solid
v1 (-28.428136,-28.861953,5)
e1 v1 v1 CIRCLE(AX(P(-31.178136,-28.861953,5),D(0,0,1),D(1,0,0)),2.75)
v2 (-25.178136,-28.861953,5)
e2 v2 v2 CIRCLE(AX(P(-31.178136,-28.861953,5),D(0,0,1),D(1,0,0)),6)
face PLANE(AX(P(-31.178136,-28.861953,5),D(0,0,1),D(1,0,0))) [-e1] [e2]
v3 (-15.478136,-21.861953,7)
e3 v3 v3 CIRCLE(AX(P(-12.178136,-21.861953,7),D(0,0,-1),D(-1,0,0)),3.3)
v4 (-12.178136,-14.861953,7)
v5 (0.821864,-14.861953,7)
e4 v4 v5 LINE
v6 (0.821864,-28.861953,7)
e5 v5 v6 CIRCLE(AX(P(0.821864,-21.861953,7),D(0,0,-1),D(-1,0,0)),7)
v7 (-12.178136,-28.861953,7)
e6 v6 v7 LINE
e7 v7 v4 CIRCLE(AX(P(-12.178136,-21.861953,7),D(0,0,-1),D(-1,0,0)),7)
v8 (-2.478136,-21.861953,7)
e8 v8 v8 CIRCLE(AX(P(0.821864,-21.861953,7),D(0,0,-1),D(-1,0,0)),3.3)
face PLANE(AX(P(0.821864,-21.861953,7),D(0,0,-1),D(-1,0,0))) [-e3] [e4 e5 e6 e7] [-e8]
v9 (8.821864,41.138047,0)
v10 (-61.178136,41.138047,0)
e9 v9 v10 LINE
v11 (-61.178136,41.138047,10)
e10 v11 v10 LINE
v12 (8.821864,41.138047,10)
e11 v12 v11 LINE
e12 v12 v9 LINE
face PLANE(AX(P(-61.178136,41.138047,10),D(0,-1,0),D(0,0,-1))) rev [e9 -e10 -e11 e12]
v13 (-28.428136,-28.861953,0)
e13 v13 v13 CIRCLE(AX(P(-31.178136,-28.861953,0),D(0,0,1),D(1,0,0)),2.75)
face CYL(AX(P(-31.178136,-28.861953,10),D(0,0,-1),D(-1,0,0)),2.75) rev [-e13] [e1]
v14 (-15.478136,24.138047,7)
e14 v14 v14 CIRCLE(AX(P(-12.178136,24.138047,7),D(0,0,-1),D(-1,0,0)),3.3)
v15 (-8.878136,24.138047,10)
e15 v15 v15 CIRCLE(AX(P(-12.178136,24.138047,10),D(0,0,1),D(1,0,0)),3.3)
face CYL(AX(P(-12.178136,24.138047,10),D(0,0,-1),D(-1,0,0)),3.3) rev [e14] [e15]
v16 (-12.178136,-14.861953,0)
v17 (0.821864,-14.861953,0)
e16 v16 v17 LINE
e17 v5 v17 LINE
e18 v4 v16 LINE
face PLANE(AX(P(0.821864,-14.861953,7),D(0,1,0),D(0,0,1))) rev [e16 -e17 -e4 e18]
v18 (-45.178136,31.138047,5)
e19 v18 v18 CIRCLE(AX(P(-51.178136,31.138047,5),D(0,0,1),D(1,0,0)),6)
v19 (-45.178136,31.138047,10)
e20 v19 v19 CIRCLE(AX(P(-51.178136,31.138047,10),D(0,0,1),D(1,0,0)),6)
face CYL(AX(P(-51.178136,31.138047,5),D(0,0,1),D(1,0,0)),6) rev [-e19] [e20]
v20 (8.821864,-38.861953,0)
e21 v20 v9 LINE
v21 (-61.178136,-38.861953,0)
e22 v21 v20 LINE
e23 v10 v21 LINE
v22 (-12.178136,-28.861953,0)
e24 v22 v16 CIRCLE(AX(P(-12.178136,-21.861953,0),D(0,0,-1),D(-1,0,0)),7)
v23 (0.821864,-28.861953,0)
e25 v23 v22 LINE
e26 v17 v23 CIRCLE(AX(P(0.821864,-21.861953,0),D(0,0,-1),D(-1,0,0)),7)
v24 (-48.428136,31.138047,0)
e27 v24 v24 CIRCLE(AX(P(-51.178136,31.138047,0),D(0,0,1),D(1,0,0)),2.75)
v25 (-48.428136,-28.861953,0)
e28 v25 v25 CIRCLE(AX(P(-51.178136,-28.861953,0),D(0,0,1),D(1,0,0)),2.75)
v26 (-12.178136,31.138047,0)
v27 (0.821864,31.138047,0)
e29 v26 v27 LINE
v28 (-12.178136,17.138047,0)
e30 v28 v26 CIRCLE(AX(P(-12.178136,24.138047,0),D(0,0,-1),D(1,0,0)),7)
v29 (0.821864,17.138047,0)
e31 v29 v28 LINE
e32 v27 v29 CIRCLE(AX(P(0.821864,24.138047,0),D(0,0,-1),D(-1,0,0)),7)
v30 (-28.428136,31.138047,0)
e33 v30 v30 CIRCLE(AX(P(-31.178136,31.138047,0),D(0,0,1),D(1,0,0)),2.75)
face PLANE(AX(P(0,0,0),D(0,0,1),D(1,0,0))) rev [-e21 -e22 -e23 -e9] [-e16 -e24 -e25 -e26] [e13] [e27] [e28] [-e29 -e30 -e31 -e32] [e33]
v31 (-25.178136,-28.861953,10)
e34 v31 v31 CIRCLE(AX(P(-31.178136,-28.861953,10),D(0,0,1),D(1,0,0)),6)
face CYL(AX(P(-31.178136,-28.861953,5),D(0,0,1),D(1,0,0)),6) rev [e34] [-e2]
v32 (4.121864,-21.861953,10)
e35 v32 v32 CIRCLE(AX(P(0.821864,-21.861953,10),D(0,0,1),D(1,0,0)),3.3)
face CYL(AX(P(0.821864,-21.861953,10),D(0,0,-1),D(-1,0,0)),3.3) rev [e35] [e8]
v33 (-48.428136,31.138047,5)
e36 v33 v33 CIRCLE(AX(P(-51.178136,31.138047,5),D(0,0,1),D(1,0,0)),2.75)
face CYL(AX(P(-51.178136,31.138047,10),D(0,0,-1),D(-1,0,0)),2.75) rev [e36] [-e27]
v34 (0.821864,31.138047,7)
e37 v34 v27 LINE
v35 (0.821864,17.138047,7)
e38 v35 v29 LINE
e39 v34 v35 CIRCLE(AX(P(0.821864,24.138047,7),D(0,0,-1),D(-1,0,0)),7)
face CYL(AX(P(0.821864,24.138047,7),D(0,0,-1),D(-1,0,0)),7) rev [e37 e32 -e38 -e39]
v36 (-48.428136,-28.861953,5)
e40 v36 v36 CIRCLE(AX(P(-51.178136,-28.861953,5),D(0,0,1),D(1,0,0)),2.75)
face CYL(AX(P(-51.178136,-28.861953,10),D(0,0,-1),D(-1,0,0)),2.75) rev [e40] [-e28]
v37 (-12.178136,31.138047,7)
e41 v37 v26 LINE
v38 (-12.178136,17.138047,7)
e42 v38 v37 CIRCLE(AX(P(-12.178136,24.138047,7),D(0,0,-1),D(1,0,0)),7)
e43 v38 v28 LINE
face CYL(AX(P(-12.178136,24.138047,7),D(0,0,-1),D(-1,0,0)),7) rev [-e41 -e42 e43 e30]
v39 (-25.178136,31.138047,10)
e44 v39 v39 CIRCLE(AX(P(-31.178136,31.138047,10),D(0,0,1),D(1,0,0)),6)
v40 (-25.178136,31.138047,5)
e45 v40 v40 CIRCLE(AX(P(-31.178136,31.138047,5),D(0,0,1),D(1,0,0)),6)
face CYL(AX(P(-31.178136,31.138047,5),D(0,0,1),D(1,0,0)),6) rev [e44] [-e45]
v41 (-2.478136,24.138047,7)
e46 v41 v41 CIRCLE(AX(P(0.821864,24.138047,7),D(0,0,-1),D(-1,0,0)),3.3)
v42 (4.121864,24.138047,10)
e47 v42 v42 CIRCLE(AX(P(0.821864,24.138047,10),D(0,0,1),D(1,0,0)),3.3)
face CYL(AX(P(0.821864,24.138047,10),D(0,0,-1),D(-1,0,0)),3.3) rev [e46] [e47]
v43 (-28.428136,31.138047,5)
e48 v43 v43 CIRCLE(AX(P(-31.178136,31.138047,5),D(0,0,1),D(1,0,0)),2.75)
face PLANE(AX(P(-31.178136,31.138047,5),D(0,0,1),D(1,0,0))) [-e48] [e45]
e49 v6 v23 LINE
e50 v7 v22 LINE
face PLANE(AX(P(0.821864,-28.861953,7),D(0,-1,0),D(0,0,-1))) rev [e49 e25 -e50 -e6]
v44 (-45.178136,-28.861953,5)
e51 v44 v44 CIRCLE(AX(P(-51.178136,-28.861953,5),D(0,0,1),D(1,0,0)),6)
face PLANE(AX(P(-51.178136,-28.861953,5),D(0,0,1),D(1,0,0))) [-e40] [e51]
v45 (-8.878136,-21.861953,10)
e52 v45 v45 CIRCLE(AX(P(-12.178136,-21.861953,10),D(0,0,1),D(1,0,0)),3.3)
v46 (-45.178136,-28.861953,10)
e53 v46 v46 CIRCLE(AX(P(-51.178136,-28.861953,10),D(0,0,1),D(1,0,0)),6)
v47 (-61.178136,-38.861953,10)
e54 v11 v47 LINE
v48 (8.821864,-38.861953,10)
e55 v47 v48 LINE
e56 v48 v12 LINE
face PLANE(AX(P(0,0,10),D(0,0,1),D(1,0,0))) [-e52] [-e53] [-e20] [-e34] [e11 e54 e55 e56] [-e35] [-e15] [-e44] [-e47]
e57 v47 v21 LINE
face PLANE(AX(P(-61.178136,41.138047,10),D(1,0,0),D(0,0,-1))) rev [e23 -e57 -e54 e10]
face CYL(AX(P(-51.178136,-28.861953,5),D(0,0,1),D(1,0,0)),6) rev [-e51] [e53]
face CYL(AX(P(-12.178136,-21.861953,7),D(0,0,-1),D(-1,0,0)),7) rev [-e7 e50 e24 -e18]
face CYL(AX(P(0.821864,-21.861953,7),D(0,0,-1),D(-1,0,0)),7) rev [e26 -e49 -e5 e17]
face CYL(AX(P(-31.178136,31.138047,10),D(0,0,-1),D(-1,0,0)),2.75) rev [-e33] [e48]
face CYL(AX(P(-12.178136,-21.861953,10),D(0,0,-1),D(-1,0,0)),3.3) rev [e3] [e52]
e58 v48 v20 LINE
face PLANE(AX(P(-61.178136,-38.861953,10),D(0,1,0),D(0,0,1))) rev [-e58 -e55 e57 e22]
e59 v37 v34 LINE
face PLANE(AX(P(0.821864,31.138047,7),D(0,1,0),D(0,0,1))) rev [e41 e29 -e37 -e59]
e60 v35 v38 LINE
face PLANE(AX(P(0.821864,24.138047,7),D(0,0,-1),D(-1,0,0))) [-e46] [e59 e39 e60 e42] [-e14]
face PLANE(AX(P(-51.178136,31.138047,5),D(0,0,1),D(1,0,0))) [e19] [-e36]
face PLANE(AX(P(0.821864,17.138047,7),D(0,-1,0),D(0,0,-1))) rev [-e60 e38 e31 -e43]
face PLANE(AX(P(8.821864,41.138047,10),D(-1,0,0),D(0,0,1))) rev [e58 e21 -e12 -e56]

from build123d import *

# Parameters (mm, degrees)
ESQUISSE1_W             = 70
ESQUISSE1_H             = 80
ESQUISSE1_R             = 3.3
ESQUISSE1_R_2           = 2.75
BOSS_EXTRU_1_DEPTH      = 10
ESQUISSE2_R             = 6
ENL_V_MAT_EXTRU_1_DEPTH = 5
ENL_V_MAT_EXTRU_3_DEPTH = 7


with BuildPart() as part:
    # Esquisse1 → Boss.-Extru.1 (new body)
    with BuildSketch(Plane.XY):
        with Locations((-26.178136106, 1.138047212)):
            Rectangle(ESQUISSE1_W, ESQUISSE1_H)
        with Locations((0.821863894, 24.138047212)):
            Circle(ESQUISSE1_R, mode=Mode.SUBTRACT)
        with Locations((-12.178136106, 24.138047212)):
            Circle(ESQUISSE1_R, mode=Mode.SUBTRACT)
        with Locations((-12.178136106, -21.861952788)):
            Circle(ESQUISSE1_R, mode=Mode.SUBTRACT)
        with Locations((0.821863894, -21.861952788)):
            Circle(ESQUISSE1_R, mode=Mode.SUBTRACT)
        with Locations((-51.178136106, 31.138047212)):
            Circle(ESQUISSE1_R_2, mode=Mode.SUBTRACT)
        with Locations((-31.178136106, 31.138047212)):
            Circle(ESQUISSE1_R_2, mode=Mode.SUBTRACT)
        with Locations((-31.178136106, -28.861952788)):
            Circle(ESQUISSE1_R_2, mode=Mode.SUBTRACT)
        with Locations((-51.178136106, -28.861952788)):
            Circle(ESQUISSE1_R_2, mode=Mode.SUBTRACT)
    extrude(amount=BOSS_EXTRU_1_DEPTH)

    # Esquisse2 → Enlèv. mat.-Extru.1 (cut)
    with BuildSketch(Plane.XY.offset(10)):
        with Locations((-51.178136106, 31.138047212)):
            Circle(ESQUISSE2_R)
        with Locations((-31.178136106, 31.138047212)):
            Circle(ESQUISSE2_R)
        with Locations((-31.178136106, -28.861952788)):
            Circle(ESQUISSE2_R)
        with Locations((-51.178136106, -28.861952788)):
            Circle(ESQUISSE2_R)
    extrude(amount=-ENL_V_MAT_EXTRU_1_DEPTH, mode=Mode.SUBTRACT)

    # Esquisse3 → Enlèv. mat.-Extru.3 (cut)
    with BuildSketch(Plane(origin=(0, 0, 0), x_dir=(-1, 0, 0), z_dir=(0, 0, -1))):
        with BuildLine():
            Line((-0.821863894, 31.138047212), (12.178136106, 31.138047212))
            ThreePointArc((12.178136106, 31.138047212), (19.178136106, 24.138047212), (12.178136106, 17.138047212))
            Line((12.178136106, 17.138047212), (-0.821863894, 17.138047212))
            ThreePointArc((-0.821863894, 17.138047212), (-7.821863894, 24.138047212), (-0.821863894, 31.138047212))
        make_face()
        with BuildLine():
            Line((-0.821863894, -14.861952788), (12.178136106, -14.861952788))
            ThreePointArc((12.178136106, -14.861952788), (19.178136106, -21.861952788), (12.178136106, -28.861952788))
            Line((12.178136106, -28.861952788), (-0.821863894, -28.861952788))
            ThreePointArc((-0.821863894, -28.861952788), (-7.821863894, -21.861952788), (-0.821863894, -14.861952788))
        make_face()
    extrude(amount=-ENL_V_MAT_EXTRU_3_DEPTH, mode=Mode.SUBTRACT)


solid = part.part
